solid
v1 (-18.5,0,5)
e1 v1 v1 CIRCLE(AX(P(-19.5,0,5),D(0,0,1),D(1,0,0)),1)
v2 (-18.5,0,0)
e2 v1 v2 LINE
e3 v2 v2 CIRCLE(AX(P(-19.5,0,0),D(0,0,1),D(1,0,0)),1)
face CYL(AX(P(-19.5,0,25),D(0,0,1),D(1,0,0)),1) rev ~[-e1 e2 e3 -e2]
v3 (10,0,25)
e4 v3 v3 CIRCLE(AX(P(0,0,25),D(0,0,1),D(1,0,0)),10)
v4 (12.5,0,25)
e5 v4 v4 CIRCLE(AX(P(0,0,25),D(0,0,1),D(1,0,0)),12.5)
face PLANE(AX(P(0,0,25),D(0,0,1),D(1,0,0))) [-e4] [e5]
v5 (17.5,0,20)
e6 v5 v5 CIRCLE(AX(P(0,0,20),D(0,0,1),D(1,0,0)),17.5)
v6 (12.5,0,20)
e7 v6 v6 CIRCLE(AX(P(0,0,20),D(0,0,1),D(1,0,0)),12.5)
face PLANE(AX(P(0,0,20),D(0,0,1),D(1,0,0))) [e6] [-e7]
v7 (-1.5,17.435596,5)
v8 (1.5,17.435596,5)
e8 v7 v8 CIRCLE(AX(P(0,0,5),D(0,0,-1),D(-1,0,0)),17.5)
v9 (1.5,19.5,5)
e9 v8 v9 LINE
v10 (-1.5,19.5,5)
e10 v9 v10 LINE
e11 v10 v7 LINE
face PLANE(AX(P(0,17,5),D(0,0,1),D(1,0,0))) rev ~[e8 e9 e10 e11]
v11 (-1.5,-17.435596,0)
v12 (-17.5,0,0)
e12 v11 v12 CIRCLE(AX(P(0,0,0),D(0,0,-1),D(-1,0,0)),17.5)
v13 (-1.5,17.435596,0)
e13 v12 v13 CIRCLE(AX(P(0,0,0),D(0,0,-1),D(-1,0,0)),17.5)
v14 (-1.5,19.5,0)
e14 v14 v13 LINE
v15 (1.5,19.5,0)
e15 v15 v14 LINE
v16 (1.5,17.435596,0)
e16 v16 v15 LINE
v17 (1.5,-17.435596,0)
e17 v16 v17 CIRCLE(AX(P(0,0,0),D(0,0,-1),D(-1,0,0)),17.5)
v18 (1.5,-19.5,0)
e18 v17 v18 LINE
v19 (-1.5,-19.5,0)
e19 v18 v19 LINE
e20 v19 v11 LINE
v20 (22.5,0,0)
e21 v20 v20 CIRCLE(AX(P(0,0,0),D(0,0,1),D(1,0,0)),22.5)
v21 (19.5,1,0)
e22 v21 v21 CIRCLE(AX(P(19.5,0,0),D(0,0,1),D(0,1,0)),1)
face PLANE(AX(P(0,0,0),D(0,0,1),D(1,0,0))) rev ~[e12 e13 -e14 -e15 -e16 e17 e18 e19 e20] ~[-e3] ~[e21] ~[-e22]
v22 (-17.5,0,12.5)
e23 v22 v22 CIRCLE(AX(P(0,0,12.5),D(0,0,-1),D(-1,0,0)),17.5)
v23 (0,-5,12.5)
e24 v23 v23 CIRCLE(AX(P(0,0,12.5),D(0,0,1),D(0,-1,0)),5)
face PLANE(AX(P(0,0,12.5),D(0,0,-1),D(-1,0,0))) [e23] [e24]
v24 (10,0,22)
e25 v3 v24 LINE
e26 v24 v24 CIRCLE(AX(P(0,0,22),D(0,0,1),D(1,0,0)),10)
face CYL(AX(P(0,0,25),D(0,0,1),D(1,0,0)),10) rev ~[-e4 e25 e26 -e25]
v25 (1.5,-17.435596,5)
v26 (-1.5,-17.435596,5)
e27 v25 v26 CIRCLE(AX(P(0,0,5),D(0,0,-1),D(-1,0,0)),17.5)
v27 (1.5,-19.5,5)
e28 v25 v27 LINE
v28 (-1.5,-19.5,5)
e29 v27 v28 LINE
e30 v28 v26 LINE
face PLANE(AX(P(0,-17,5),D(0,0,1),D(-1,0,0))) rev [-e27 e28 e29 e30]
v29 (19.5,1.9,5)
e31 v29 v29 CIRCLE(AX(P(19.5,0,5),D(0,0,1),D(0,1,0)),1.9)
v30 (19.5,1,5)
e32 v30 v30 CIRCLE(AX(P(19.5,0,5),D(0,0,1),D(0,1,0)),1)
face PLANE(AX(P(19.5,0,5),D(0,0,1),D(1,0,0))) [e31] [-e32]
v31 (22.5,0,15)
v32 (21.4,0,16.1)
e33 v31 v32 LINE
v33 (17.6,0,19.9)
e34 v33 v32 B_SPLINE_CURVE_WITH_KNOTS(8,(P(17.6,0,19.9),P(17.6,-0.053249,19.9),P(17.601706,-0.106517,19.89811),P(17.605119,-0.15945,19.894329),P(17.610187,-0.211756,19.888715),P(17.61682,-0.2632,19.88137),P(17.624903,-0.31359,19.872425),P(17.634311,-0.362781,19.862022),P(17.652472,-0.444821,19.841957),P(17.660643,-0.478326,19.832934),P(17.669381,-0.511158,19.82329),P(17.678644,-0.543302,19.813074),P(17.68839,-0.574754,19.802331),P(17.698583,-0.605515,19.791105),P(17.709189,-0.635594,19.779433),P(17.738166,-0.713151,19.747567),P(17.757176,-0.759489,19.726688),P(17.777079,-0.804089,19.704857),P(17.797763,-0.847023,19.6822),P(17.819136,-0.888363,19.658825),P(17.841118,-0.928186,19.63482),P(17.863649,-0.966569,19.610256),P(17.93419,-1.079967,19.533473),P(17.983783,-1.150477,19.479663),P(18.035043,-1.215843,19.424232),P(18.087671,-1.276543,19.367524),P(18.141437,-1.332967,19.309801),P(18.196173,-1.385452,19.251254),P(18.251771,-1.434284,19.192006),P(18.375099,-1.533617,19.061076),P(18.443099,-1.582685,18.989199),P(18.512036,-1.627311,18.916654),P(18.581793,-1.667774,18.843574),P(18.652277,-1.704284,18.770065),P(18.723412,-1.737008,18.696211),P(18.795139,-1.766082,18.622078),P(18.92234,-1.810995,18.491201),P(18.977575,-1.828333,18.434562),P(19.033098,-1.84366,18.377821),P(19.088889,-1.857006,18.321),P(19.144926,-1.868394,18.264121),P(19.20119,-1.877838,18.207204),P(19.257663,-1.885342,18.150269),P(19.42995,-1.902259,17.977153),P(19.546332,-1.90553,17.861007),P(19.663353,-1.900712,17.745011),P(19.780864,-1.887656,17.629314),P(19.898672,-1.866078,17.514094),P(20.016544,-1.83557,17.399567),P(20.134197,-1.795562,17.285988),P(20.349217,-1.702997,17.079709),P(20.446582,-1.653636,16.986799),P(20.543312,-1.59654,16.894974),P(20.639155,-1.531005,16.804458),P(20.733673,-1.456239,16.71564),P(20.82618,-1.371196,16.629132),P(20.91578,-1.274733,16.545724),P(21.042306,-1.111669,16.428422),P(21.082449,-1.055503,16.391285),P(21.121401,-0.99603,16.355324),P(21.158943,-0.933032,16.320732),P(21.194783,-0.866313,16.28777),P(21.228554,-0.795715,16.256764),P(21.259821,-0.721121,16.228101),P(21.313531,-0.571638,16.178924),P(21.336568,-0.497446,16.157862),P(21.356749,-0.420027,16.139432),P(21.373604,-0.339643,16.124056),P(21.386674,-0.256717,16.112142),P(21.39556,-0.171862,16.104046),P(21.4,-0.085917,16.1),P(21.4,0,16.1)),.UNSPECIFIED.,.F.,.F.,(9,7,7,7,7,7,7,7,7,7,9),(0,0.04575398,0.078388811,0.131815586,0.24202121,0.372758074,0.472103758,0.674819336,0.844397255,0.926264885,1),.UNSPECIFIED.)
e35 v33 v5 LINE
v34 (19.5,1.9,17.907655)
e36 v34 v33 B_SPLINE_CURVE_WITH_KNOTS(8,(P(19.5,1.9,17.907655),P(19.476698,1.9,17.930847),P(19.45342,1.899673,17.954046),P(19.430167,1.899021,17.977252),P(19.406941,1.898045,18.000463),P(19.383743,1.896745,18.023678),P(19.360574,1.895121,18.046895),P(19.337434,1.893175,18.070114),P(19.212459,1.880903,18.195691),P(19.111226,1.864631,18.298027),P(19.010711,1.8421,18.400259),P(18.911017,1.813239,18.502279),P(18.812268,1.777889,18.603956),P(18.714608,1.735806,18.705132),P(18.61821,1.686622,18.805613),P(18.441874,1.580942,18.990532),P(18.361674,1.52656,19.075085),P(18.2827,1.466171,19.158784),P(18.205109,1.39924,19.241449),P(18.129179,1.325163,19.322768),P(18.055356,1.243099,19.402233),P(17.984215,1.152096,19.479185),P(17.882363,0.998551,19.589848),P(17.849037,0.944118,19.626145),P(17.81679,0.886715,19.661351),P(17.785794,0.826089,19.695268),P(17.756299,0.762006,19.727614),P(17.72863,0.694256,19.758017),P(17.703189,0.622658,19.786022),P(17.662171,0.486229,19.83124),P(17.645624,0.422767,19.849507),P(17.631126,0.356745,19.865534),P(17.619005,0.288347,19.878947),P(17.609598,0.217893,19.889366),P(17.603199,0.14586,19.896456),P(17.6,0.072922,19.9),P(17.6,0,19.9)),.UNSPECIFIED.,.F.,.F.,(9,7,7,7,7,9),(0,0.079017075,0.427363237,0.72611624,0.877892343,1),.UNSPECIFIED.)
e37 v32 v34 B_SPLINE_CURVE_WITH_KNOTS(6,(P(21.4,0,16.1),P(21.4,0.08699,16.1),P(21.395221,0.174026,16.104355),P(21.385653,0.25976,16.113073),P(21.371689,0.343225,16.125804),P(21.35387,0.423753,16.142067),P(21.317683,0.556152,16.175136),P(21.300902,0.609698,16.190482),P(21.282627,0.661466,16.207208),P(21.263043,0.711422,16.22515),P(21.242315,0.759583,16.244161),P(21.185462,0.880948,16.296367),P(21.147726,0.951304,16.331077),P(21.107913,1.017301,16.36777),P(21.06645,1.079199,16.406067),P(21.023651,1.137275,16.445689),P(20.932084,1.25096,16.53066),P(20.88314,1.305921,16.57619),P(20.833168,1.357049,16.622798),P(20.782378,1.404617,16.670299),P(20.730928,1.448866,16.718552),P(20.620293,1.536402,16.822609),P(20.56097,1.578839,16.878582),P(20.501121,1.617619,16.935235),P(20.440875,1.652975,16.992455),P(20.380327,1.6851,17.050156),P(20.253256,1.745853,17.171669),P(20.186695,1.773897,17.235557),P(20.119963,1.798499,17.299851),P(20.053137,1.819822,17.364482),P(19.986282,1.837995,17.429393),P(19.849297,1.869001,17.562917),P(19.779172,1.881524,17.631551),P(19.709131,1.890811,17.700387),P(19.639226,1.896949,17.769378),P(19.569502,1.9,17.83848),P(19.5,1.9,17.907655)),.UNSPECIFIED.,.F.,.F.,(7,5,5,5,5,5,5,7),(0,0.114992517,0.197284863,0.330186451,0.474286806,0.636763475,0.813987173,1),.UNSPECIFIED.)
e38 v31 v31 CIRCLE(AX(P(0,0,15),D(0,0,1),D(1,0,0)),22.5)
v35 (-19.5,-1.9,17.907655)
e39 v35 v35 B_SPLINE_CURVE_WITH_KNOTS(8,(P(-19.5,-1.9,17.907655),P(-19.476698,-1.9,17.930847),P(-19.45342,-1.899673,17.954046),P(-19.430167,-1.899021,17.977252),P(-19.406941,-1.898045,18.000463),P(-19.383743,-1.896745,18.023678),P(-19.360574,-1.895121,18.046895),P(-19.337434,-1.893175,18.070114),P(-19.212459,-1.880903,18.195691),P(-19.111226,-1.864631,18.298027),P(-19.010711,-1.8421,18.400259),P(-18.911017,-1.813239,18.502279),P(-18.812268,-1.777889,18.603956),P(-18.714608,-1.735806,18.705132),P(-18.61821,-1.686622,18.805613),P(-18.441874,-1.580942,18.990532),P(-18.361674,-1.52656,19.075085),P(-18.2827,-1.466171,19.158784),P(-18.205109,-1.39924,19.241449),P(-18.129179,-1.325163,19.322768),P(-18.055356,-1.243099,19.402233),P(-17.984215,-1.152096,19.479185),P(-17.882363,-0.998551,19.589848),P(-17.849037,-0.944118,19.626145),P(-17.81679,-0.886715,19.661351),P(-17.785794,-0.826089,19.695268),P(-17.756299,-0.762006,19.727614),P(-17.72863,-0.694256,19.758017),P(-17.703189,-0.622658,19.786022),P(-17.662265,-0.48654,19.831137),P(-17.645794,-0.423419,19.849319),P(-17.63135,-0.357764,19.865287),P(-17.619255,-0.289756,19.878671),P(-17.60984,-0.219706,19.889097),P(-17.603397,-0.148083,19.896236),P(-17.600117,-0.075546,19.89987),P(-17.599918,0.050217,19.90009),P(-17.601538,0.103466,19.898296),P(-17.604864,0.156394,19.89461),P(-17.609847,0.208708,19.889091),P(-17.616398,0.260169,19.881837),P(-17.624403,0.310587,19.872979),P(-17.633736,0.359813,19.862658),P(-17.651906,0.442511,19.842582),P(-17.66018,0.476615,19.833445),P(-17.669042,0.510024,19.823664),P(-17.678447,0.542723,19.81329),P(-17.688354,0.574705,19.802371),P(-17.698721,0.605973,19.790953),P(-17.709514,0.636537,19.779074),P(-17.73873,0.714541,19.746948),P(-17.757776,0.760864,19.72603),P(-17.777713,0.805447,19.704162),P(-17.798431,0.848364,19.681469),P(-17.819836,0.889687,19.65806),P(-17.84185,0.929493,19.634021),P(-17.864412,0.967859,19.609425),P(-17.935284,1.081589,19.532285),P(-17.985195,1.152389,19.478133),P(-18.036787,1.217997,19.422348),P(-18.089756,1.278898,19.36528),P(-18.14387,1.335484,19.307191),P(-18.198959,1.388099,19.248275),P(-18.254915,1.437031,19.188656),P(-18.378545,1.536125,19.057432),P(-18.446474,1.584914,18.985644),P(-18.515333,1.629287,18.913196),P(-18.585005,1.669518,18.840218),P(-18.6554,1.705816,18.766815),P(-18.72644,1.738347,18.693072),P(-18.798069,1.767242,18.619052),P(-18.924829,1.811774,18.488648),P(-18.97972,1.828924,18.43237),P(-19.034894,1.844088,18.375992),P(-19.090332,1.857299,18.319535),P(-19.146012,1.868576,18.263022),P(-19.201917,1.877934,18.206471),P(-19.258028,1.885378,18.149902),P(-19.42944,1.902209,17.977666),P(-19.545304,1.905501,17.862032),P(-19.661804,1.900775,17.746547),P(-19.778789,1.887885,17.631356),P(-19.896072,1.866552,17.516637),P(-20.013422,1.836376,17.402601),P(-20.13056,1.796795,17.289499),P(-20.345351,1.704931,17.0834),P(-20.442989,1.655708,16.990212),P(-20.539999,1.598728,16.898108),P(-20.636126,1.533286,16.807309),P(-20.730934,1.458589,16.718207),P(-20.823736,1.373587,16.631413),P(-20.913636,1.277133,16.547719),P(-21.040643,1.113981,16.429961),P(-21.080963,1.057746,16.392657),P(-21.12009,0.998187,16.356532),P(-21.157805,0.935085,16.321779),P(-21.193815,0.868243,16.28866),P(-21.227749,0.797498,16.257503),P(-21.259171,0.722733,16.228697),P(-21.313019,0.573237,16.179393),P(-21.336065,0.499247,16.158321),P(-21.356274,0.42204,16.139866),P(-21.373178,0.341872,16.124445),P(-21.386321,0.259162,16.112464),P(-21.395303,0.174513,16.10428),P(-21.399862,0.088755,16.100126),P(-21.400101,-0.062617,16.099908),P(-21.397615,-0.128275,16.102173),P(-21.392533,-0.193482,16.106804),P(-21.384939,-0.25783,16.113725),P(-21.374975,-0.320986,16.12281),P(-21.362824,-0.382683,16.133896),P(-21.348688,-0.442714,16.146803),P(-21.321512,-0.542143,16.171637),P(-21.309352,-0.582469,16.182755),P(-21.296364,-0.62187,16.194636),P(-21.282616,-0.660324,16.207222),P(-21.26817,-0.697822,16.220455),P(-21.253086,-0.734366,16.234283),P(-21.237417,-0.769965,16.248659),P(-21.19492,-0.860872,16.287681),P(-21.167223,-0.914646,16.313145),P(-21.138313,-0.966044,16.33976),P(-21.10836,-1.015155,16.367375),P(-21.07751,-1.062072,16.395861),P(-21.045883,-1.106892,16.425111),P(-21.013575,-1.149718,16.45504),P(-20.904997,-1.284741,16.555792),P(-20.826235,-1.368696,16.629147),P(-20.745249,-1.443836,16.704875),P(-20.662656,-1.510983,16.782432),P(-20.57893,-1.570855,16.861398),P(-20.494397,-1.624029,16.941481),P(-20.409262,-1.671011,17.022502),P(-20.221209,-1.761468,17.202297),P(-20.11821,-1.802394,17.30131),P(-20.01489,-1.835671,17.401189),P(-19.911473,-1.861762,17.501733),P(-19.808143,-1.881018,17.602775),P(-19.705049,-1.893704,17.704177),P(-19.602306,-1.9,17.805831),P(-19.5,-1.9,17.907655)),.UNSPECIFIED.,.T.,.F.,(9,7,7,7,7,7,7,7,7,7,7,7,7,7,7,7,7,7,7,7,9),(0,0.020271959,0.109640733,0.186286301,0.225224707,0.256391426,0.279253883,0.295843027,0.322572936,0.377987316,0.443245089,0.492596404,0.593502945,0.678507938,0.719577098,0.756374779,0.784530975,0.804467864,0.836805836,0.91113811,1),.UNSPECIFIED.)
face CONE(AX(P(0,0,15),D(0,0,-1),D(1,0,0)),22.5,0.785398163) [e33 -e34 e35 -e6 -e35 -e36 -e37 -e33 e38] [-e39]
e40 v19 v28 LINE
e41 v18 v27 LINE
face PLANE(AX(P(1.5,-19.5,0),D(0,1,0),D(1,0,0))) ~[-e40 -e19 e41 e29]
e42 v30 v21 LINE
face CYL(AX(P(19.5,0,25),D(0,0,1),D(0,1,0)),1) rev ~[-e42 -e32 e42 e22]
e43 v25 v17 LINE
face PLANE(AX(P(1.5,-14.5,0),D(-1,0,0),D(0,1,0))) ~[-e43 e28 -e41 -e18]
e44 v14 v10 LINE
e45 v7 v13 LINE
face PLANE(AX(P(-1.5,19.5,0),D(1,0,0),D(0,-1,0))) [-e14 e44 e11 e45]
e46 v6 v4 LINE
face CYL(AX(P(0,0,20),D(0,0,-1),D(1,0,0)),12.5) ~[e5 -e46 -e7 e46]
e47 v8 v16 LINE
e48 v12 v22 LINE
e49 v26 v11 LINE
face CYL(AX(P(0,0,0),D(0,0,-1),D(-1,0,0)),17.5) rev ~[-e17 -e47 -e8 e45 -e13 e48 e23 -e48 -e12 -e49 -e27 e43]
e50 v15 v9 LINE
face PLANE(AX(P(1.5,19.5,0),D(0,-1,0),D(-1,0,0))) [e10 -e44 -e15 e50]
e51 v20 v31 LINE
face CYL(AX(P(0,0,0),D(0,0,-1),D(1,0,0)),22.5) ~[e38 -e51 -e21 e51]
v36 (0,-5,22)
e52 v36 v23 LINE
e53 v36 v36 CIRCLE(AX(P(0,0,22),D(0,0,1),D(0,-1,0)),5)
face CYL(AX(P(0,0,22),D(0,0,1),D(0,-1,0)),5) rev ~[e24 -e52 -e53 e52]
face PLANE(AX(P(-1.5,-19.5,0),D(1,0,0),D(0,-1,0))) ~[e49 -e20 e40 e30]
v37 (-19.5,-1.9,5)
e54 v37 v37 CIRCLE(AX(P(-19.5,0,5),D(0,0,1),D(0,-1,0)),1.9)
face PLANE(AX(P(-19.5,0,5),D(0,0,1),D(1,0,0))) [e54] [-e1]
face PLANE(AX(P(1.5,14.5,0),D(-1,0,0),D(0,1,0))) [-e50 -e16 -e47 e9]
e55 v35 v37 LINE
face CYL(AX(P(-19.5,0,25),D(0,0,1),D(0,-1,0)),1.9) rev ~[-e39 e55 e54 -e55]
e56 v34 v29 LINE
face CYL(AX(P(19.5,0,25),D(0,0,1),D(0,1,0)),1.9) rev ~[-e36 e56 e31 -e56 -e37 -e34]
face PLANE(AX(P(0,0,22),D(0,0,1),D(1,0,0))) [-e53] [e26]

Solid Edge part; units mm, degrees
sketch "Sketch1" plane through (0, 0, 0) normal (0, 0, 1) x (1, 0, 0)
  circle A0 centre (0, 0) radius 22.5
  dimension "D1" = 45
extrude "Protrusion1" add sketch "Sketch1" along normal blind 20
sketch "Sketch2" plane through (0, 0, 20) normal (0, 0, 1) x (1, 0, 0)
  circle A0 centre (0, 0) radius 12.5
  dimension "D1" = 25
extrude "ProtrusioneEstrusa_2" add sketch "Sketch2" along normal blind 5
sketch "Sketch3" plane through (0, 0, 25) normal (0, 0, 1) x (1, 0, 0)
  circle A0 centre (0, 0) radius 10
  dimension "D1" = 20
extrude "ScavoEstrusione_1" cut sketch "Sketch3" against normal blind 3
chamfer "Smusso_1" distance 5 angle 45 1 edges at (-22.5, 0, 20)
sketch "Sketch4" plane through (0, 0, 22) normal (0, 0, 1) x (0, -1, 0)
  circle A0 centre (0, 0) radius 5
  dimension "D1" = 10
extrude "Cutout1" cut sketch "Sketch4" against normal through all
sketch "Sketch5" plane through (0, 0, 0) normal (0, 0, -1) x (-1, 0, 0)
  circle A0 centre (0, 0) radius 17.5
  dimension "D1" = 35
extrude "Scavo_Bobine" cut sketch "Sketch5" against normal blind 12.5
sketch "Sketch6" plane through (0, 0, 0) normal (0, 0, -1) x (0, -1, 0)
  line L0 (-14.5, -1.5) -> (-19.5, -1.5)
  line L1 (-19.5, -1.5) -> (-19.5, 1.5)
  line L2 (-19.5, 1.5) -> (-14.5, 1.5)
  line L3 (-14.5, 1.5) -> (-14.5, -1.5)
  dimension "D1" = 5
  dimension "D2" = 3
  dimension "D3" = 19.5
extrude "ScavoEstrusione_5" cut sketch "Sketch6" against normal blind 5
mirror "Mirror1" about plane through (0, 0, 0) normal (0, -1, 0) of "ScavoEstrusione_5"
sketch "Sketch7" plane through (0, 0, 25) normal (0, 0, 1) x (1, 0, 0)
  circle A0 centre (-19.5, 0) radius 1
  dimension "D1" = 2
  dimension "D2" = 19.5
extrude "Cutout2" cut sketch "Sketch7" against normal through all
sketch "Sketch8" plane through (0, 0, 25) normal (0, 0, 1) x (0, -1, 0)
  circle A0 centre (0, -19.5) radius 1.9
  dimension "D1" = 3.8
extrude "Scavo_Alloggio_vite" cut sketch "Sketch8" against normal blind 20
sketch "Sketch9" plane through (0, 0, 25) normal (0, 0, 1) x (0, 1, 0)
  circle A0 centre (0, -19.5) radius 1
  dimension "D1" = 2
  dimension "D2" = 19.5
extrude "Cutout3" cut sketch "Sketch9" against normal through all
sketch "Sketch10" plane through (0, 0, 25) normal (0, 0, 1) x (0, 1, 0)
  circle A0 centre (0, -19.5) radius 1.9
  dimension "D1" = 3.8
extrude "Scavo_Alloggio_vite_2" cut sketch "Sketch10" against normal blind 20
